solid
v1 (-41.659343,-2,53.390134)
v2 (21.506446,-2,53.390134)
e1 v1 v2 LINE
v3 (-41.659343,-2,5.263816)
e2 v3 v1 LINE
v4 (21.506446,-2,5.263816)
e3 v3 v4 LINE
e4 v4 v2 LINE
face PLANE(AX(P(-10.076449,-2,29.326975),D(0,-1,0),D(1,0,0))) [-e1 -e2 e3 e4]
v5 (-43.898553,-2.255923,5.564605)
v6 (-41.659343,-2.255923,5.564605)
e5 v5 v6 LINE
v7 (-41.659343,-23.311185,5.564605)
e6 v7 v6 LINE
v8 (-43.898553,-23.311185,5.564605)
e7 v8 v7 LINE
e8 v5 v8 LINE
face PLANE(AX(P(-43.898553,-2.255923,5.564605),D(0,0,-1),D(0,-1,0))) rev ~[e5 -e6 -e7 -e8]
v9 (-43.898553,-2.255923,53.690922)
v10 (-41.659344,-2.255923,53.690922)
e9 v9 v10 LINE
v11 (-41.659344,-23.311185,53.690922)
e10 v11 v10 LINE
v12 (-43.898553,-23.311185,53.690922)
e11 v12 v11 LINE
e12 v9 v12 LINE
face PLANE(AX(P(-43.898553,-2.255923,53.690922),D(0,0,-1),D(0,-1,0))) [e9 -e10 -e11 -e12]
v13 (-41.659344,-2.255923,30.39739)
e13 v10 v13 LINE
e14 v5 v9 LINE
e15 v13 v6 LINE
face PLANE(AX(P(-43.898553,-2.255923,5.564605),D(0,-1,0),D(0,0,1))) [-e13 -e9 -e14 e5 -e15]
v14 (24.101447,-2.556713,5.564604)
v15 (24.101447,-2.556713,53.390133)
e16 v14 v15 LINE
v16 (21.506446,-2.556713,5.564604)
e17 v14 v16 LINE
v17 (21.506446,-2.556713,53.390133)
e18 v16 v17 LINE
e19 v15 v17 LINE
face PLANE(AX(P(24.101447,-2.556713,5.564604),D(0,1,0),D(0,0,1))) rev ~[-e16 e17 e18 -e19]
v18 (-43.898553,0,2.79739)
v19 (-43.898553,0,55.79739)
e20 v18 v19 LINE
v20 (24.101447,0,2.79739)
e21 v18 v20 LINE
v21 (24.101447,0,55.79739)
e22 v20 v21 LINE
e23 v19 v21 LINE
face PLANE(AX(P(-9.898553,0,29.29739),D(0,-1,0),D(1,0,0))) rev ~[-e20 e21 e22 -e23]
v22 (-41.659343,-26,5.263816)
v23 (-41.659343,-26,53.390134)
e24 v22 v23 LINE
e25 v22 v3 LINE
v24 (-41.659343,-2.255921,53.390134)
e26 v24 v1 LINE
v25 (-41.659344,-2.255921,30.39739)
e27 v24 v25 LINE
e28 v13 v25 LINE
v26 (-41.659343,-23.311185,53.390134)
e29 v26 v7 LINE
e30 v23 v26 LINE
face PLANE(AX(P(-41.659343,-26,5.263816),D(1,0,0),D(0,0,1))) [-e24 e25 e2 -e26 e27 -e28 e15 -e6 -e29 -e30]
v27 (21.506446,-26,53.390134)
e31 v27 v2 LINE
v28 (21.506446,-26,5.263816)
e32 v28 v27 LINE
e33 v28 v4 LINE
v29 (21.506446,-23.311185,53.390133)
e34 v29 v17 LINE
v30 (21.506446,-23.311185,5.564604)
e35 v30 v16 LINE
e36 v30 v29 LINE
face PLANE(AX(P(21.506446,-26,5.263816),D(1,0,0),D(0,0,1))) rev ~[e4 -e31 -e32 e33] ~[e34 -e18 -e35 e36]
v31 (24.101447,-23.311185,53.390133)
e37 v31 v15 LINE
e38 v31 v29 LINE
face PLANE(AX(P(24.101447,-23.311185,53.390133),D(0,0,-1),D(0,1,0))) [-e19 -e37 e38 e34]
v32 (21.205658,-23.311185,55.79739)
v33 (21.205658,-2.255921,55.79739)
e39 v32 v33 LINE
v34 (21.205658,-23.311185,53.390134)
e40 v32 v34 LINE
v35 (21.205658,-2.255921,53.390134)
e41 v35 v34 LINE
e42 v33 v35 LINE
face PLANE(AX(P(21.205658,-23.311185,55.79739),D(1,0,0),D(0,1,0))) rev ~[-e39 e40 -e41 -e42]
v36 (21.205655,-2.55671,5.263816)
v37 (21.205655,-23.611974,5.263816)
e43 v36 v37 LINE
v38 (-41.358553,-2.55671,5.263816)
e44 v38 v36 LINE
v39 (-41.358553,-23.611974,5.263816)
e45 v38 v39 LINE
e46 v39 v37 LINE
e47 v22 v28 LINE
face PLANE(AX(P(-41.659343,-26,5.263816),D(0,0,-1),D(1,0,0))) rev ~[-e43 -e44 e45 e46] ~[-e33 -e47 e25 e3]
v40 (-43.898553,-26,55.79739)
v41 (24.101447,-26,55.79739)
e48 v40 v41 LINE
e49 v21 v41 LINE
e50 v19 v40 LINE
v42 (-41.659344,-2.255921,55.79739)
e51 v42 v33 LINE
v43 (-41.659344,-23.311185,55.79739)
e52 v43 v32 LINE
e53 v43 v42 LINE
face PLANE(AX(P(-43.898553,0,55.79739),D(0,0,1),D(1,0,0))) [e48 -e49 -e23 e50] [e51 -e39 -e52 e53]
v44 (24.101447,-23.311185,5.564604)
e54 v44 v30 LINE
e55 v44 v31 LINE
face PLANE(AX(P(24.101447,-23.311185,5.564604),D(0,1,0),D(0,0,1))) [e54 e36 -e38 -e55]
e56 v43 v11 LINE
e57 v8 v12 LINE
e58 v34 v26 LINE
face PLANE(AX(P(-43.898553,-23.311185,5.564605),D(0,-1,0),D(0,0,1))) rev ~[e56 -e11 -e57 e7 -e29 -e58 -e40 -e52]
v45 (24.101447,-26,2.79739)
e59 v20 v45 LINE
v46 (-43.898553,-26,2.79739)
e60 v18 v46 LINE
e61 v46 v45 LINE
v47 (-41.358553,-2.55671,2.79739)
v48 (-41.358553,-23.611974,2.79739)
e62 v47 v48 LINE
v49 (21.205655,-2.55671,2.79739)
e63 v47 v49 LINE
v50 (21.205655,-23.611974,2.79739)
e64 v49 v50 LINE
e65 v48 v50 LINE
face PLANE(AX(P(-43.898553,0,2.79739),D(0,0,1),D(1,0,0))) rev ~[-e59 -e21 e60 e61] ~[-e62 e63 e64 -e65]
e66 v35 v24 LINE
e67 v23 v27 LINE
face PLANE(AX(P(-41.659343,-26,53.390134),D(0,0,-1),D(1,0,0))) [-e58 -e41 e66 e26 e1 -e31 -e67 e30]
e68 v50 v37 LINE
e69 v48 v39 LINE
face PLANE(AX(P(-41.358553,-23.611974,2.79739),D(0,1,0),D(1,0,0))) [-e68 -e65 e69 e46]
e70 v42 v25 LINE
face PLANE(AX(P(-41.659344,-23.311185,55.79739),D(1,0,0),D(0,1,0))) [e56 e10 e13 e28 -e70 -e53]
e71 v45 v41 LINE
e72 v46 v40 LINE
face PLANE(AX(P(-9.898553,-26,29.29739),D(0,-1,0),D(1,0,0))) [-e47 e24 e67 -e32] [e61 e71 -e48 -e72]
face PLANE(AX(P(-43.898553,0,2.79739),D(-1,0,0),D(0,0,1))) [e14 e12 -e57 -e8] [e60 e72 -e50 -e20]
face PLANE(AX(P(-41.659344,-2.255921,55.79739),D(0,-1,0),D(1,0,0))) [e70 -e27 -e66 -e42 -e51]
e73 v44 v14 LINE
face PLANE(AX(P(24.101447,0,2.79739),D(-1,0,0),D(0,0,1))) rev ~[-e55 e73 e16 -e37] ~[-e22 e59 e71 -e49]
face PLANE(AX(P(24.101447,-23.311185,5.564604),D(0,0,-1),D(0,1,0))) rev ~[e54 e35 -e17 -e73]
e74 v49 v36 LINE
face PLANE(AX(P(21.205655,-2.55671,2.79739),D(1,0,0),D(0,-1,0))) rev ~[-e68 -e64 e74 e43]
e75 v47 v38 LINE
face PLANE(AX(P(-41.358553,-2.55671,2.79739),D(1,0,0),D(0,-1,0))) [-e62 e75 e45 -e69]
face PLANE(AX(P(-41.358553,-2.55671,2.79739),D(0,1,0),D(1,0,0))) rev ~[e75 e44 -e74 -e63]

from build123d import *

# Parameters (mm, degrees)
F0_W      = 68
F0_H      = 53
F1_DEPTH  = 26
F2_W      = 63.165789
F2_H      = 48.126318
F3_DEPTH  = 24
F4_W      = 20.754472
F4_H      = 47.825529
F5_DEPTH  = 25.4
F6_W      = 62.564209
F6_H      = 21.055263
F7_DEPTH  = 25.4
F8_W      = 62.865002
F8_H      = 21.055264
F9_DEPTH  = 25.4
F10_W     = 21.055262
F10_H     = 48.126317
F11_DEPTH = 25.4


with BuildPart() as f1:
    # F0 (on Front) → F1 (new body)
    with BuildSketch(Plane.XZ):
        with Locations((-9.898553, 29.29739)):
            Rectangle(F0_W, F0_H)
    extrude(amount=F1_DEPTH)

    # F2 (on face) → F3 (cut)
    with BuildSketch(Plane.XZ.offset(26)):
        with Locations((-10.076449, 29.326975)):
            Rectangle(F2_W, F2_H)
    extrude(amount=-F3_DEPTH, mode=Mode.SUBTRACT)

    # F4 (on face) → F5 (cut)
    with BuildSketch(Plane.YZ.offset(24.101447)):
        with Locations((-12.933949, 29.477369)):
            Rectangle(F4_W, F4_H)
    extrude(amount=-F5_DEPTH, mode=Mode.SUBTRACT)

    # F6 (on face) → F7 (cut)
    with BuildSketch(Plane(origin=(0, 0, 2.79739), x_dir=(1, 0, 0), z_dir=(0, 0, -1))):
        with Locations((-10.076449, 13.084342)):
            Rectangle(F6_W, F6_H)
    extrude(amount=-F7_DEPTH, mode=Mode.SUBTRACT)

    # F8 (on face) → F9 (cut)
    with BuildSketch(Plane.XY.offset(55.79739)):
        with Locations((-10.226843, -12.783553)):
            Rectangle(F8_W, F8_H)
    extrude(amount=-F9_DEPTH, mode=Mode.SUBTRACT)

    # F10 (on face) → F11 (cut)
    with BuildSketch(Plane(origin=(-43.898553, 0, 0), x_dir=(0, -1, 0), z_dir=(-1, 0, 0))):
        with Locations((12.783554, 29.627764)):
            Rectangle(F10_W, F10_H)
    extrude(amount=-F11_DEPTH, mode=Mode.SUBTRACT)


solid = f1.part
